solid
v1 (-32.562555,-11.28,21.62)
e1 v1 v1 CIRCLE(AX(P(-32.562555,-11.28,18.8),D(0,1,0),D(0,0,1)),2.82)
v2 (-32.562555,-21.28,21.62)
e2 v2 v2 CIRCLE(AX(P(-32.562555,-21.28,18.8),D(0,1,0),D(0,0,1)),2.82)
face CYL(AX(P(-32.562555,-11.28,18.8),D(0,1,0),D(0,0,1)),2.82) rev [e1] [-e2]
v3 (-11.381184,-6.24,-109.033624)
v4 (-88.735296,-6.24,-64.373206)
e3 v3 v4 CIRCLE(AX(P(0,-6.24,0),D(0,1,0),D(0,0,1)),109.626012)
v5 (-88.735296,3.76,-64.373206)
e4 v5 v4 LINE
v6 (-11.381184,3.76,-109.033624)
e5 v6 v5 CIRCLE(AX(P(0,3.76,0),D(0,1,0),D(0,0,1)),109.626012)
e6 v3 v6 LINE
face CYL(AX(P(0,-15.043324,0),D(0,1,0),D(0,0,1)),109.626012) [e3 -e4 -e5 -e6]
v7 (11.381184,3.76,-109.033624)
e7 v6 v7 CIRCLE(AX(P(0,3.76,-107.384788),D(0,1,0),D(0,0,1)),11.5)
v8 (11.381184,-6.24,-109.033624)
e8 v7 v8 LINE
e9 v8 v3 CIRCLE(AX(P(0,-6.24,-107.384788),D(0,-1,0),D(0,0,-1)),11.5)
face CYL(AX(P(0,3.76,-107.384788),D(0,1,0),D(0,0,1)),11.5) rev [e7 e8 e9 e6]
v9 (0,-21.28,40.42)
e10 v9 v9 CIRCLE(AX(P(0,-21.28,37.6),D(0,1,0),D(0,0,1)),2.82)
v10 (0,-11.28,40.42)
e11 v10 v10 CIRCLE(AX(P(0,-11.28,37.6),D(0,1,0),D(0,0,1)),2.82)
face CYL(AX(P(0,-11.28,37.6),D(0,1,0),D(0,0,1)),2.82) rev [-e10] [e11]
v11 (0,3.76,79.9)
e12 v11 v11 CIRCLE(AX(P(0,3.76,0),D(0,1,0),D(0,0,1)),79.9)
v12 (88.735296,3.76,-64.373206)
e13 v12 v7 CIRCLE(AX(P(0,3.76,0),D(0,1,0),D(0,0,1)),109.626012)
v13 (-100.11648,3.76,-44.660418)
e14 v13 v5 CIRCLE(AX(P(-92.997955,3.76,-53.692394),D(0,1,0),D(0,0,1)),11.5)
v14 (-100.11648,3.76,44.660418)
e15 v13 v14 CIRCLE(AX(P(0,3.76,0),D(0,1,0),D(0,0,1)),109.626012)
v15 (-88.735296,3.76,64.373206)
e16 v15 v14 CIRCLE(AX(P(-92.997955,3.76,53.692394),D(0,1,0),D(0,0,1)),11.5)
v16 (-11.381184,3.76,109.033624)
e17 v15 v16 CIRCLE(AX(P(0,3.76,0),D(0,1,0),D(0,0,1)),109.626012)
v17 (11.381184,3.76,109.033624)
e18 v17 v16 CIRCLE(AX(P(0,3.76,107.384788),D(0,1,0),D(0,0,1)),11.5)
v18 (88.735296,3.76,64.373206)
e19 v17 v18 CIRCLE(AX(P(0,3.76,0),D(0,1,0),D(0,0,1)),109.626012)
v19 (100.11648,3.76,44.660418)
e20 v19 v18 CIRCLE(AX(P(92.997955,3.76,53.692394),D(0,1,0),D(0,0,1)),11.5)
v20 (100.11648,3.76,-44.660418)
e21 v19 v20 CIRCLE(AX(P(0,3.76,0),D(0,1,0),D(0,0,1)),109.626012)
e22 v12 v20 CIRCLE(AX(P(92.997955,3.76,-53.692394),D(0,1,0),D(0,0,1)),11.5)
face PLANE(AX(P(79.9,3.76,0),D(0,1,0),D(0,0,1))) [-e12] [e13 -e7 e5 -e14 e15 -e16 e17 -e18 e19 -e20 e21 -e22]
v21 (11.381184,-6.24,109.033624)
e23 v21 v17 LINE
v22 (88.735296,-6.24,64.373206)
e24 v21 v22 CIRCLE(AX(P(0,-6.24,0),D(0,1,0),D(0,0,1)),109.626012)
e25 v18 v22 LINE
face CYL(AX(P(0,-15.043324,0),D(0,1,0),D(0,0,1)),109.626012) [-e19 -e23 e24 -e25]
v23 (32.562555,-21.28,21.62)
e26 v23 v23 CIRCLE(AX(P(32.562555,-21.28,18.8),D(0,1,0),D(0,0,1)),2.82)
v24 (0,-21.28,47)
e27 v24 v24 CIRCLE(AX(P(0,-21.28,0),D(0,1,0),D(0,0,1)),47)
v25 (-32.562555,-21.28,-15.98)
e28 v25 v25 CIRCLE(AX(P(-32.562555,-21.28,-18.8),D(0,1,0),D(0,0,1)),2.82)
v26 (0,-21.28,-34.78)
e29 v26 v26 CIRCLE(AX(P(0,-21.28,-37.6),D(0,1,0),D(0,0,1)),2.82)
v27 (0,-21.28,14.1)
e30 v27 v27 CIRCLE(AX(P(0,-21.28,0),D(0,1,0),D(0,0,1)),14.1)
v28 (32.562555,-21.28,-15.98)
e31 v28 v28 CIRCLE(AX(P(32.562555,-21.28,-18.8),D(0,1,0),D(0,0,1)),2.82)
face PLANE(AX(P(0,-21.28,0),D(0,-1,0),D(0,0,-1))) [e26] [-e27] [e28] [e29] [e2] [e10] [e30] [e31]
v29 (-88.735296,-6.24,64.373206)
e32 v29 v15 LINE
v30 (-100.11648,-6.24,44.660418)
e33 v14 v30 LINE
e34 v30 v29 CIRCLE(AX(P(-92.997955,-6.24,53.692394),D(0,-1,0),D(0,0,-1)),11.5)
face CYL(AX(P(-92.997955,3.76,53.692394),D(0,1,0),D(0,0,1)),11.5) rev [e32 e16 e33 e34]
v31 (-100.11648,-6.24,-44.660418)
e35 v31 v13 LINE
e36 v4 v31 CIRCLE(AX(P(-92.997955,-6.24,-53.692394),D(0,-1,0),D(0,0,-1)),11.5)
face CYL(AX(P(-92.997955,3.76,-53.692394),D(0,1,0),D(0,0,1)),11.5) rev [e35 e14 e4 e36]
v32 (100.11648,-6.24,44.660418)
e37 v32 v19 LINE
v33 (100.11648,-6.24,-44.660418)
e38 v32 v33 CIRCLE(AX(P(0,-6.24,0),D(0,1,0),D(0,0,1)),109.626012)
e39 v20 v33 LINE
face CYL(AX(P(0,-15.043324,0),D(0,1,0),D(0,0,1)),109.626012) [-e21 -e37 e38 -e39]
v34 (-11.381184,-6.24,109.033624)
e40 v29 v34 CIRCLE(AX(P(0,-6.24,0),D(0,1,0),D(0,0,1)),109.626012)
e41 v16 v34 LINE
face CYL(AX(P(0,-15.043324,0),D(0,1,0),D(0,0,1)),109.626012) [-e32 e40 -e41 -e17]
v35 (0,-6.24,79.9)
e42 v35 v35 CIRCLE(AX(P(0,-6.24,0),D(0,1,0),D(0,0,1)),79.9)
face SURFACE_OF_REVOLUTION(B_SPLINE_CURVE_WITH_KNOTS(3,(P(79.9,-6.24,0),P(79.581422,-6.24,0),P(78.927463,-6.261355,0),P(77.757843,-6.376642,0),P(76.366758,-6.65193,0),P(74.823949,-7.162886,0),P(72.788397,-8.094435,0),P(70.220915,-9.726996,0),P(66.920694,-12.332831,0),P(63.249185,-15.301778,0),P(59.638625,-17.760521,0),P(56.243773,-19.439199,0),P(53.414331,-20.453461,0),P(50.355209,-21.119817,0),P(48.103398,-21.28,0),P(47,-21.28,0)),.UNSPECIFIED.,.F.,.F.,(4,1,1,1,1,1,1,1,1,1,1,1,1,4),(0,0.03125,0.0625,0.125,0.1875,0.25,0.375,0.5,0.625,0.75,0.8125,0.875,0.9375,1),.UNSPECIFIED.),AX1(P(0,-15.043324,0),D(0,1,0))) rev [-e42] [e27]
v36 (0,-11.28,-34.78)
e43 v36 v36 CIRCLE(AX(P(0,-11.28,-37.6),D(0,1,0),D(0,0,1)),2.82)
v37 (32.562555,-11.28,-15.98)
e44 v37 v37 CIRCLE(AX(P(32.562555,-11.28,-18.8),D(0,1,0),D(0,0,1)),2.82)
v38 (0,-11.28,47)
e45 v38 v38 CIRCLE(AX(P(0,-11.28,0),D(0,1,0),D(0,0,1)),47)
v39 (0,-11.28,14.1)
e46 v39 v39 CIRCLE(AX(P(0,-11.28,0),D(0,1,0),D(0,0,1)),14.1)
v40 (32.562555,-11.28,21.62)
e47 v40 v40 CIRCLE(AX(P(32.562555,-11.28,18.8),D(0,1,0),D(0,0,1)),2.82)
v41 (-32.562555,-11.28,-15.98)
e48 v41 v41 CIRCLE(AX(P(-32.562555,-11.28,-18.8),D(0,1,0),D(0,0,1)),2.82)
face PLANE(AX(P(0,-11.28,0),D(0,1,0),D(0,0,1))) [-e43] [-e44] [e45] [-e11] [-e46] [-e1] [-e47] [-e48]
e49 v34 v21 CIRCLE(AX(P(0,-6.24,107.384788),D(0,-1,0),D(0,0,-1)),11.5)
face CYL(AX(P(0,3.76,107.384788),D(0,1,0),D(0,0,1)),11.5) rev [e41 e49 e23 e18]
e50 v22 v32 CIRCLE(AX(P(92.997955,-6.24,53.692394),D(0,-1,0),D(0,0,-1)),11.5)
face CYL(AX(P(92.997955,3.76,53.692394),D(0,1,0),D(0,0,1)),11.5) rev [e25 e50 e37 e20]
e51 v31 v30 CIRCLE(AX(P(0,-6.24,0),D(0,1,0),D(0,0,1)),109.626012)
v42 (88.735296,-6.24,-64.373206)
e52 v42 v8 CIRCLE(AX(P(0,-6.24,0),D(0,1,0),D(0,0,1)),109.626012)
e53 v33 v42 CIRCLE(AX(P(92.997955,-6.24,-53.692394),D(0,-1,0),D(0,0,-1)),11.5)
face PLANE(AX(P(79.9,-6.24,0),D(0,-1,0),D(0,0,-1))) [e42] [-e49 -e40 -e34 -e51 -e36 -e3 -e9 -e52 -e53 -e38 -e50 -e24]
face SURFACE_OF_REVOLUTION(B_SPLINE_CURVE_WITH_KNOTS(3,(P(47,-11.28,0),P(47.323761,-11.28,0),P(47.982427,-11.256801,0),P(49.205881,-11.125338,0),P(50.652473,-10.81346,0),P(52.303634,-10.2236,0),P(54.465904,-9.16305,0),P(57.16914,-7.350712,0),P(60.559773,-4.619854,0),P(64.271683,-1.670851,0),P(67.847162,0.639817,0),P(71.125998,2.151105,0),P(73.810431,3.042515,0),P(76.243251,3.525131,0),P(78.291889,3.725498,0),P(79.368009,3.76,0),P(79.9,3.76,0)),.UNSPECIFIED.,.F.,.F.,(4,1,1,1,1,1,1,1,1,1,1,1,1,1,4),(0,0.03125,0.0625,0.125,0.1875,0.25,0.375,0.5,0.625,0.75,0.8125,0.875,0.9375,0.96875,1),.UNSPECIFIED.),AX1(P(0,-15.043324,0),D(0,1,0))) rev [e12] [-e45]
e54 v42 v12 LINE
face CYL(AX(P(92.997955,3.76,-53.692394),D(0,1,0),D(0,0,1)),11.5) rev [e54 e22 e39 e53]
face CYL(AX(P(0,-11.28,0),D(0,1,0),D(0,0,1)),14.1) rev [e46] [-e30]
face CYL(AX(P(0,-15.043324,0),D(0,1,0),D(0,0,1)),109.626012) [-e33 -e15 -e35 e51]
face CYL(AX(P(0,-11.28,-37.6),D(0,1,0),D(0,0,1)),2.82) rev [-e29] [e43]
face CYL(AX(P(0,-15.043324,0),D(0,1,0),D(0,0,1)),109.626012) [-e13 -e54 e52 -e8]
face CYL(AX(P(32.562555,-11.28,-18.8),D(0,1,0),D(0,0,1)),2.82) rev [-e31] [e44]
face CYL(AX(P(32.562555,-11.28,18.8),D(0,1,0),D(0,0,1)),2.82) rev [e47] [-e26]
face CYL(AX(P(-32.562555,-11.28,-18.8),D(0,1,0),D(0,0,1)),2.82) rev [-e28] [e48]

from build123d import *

# Parameters (mm, degrees)
F_23_0_23_DIAMETER_HOLE2_D = 23
M5_CLEARANCE_HOLE1_D       = 5.64
M5_CLEARANCE_HOLE1_DEPTH   = 10
M25_CLEARANCE_HOLE1_D      = 28.2


with BuildPart() as part:
    # Sketch1 → Revolve1 (revolve)
    with BuildSketch(Plane(origin=(0, 0, 0), x_dir=(-1, 0, 0), z_dir=(0, 0, -1))):
        with BuildLine():
            Line((0, -21.28), (-47, -21.28))
            add(Edge.make_bspline(
                [(-47, -21.28), (-48.103397798, -21.28), (-50.355208609, -21.119817001), (-53.414331373, -20.453461244), (-56.243773206, -19.439198841), (-59.638625381, -17.760520516), (-63.24918477, -15.301778213), (-66.920694033, -12.332831089), (-70.220914899, -9.726996026), (-72.788397394, -8.094435047), (-74.823949114, -7.162885506), (-76.366758302, -6.651929985), (-77.75784267, -6.37664197), (-78.927463, -6.261355146), (-79.581421905, -6.24), (-79.9, -6.24)],
                knots=[0, 0, 0, 0, 0.0625, 0.125, 0.1875, 0.25, 0.375, 0.5, 0.625, 0.75, 0.8125, 0.875, 0.9375, 0.96875, 1, 1, 1, 1], degree=3))
            Line((-79.9, -6.24), (-109.626011544, -6.24))
            Line((-109.626011544, -6.24), (-109.626011544, 3.76))
            Line((-109.626011544, 3.76), (-79.9, 3.76))
            add(Edge.make_bspline(
                [(-47, -11.28), (-47.323760623, -11.28), (-47.9824274, -11.256801184), (-49.205881481, -11.125337538), (-50.652473039, -10.813460463), (-52.303634488, -10.223599604), (-54.465904258, -9.163050099), (-57.16913982, -7.350711887), (-60.559773273, -4.61985368), (-64.271682561, -1.670850737), (-67.847161888, 0.63981733), (-71.12599799, 2.151104958), (-73.810430606, 3.042514571), (-76.243250574, 3.525131309), (-78.291888688, 3.725497683), (-79.368008784, 3.76), (-79.9, 3.76)],
                knots=[0, 0, 0, 0, 0.03125, 0.0625, 0.125, 0.1875, 0.25, 0.375, 0.5, 0.625, 0.75, 0.8125, 0.875, 0.9375, 0.96875, 1, 1, 1, 1], degree=3))
            Line((-47, -11.28), (0, -11.28))
            Line((0, -11.28), (0, -21.28))
        make_face()
    revolve(axis=Axis((0, -15.043324423, 0), (0, 1, 0)))

    # Ø23.0 (23) Diameter Hole2 (through all)
    with Locations(Plane(origin=(0, 3.76, 0), x_dir=(1, 0, 0), z_dir=(0, 1, 0))):
        with Locations((-92.997954647, 53.69239415), (92.997954647, -53.69239415), (92.997954647, 53.69239415), (0, 107.3847883), (-92.997954647, -53.69239415), (0, -107.3847883)):
            Hole(F_23_0_23_DIAMETER_HOLE2_D / 2)

    # M5 Clearance Hole1
    with Locations(Plane(origin=(0, -11.28, 0), x_dir=(1, 0, 0), z_dir=(0, 1, 0))):
        with Locations((-32.562555182, 18.8), (0, 37.6), (32.562555182, 18.8), (32.562555182, -18.8), (0, -37.6), (-32.562555182, -18.8)):
            Hole(M5_CLEARANCE_HOLE1_D / 2, depth=M5_CLEARANCE_HOLE1_DEPTH)

    # M25 Clearance Hole1 (through all)
    with Locations(Plane(origin=(0, -11.28, 0), x_dir=(1, 0, 0), z_dir=(0, 1, 0))):
        with Locations((0, 0)):
            Hole(M25_CLEARANCE_HOLE1_D / 2)


solid = part.part
